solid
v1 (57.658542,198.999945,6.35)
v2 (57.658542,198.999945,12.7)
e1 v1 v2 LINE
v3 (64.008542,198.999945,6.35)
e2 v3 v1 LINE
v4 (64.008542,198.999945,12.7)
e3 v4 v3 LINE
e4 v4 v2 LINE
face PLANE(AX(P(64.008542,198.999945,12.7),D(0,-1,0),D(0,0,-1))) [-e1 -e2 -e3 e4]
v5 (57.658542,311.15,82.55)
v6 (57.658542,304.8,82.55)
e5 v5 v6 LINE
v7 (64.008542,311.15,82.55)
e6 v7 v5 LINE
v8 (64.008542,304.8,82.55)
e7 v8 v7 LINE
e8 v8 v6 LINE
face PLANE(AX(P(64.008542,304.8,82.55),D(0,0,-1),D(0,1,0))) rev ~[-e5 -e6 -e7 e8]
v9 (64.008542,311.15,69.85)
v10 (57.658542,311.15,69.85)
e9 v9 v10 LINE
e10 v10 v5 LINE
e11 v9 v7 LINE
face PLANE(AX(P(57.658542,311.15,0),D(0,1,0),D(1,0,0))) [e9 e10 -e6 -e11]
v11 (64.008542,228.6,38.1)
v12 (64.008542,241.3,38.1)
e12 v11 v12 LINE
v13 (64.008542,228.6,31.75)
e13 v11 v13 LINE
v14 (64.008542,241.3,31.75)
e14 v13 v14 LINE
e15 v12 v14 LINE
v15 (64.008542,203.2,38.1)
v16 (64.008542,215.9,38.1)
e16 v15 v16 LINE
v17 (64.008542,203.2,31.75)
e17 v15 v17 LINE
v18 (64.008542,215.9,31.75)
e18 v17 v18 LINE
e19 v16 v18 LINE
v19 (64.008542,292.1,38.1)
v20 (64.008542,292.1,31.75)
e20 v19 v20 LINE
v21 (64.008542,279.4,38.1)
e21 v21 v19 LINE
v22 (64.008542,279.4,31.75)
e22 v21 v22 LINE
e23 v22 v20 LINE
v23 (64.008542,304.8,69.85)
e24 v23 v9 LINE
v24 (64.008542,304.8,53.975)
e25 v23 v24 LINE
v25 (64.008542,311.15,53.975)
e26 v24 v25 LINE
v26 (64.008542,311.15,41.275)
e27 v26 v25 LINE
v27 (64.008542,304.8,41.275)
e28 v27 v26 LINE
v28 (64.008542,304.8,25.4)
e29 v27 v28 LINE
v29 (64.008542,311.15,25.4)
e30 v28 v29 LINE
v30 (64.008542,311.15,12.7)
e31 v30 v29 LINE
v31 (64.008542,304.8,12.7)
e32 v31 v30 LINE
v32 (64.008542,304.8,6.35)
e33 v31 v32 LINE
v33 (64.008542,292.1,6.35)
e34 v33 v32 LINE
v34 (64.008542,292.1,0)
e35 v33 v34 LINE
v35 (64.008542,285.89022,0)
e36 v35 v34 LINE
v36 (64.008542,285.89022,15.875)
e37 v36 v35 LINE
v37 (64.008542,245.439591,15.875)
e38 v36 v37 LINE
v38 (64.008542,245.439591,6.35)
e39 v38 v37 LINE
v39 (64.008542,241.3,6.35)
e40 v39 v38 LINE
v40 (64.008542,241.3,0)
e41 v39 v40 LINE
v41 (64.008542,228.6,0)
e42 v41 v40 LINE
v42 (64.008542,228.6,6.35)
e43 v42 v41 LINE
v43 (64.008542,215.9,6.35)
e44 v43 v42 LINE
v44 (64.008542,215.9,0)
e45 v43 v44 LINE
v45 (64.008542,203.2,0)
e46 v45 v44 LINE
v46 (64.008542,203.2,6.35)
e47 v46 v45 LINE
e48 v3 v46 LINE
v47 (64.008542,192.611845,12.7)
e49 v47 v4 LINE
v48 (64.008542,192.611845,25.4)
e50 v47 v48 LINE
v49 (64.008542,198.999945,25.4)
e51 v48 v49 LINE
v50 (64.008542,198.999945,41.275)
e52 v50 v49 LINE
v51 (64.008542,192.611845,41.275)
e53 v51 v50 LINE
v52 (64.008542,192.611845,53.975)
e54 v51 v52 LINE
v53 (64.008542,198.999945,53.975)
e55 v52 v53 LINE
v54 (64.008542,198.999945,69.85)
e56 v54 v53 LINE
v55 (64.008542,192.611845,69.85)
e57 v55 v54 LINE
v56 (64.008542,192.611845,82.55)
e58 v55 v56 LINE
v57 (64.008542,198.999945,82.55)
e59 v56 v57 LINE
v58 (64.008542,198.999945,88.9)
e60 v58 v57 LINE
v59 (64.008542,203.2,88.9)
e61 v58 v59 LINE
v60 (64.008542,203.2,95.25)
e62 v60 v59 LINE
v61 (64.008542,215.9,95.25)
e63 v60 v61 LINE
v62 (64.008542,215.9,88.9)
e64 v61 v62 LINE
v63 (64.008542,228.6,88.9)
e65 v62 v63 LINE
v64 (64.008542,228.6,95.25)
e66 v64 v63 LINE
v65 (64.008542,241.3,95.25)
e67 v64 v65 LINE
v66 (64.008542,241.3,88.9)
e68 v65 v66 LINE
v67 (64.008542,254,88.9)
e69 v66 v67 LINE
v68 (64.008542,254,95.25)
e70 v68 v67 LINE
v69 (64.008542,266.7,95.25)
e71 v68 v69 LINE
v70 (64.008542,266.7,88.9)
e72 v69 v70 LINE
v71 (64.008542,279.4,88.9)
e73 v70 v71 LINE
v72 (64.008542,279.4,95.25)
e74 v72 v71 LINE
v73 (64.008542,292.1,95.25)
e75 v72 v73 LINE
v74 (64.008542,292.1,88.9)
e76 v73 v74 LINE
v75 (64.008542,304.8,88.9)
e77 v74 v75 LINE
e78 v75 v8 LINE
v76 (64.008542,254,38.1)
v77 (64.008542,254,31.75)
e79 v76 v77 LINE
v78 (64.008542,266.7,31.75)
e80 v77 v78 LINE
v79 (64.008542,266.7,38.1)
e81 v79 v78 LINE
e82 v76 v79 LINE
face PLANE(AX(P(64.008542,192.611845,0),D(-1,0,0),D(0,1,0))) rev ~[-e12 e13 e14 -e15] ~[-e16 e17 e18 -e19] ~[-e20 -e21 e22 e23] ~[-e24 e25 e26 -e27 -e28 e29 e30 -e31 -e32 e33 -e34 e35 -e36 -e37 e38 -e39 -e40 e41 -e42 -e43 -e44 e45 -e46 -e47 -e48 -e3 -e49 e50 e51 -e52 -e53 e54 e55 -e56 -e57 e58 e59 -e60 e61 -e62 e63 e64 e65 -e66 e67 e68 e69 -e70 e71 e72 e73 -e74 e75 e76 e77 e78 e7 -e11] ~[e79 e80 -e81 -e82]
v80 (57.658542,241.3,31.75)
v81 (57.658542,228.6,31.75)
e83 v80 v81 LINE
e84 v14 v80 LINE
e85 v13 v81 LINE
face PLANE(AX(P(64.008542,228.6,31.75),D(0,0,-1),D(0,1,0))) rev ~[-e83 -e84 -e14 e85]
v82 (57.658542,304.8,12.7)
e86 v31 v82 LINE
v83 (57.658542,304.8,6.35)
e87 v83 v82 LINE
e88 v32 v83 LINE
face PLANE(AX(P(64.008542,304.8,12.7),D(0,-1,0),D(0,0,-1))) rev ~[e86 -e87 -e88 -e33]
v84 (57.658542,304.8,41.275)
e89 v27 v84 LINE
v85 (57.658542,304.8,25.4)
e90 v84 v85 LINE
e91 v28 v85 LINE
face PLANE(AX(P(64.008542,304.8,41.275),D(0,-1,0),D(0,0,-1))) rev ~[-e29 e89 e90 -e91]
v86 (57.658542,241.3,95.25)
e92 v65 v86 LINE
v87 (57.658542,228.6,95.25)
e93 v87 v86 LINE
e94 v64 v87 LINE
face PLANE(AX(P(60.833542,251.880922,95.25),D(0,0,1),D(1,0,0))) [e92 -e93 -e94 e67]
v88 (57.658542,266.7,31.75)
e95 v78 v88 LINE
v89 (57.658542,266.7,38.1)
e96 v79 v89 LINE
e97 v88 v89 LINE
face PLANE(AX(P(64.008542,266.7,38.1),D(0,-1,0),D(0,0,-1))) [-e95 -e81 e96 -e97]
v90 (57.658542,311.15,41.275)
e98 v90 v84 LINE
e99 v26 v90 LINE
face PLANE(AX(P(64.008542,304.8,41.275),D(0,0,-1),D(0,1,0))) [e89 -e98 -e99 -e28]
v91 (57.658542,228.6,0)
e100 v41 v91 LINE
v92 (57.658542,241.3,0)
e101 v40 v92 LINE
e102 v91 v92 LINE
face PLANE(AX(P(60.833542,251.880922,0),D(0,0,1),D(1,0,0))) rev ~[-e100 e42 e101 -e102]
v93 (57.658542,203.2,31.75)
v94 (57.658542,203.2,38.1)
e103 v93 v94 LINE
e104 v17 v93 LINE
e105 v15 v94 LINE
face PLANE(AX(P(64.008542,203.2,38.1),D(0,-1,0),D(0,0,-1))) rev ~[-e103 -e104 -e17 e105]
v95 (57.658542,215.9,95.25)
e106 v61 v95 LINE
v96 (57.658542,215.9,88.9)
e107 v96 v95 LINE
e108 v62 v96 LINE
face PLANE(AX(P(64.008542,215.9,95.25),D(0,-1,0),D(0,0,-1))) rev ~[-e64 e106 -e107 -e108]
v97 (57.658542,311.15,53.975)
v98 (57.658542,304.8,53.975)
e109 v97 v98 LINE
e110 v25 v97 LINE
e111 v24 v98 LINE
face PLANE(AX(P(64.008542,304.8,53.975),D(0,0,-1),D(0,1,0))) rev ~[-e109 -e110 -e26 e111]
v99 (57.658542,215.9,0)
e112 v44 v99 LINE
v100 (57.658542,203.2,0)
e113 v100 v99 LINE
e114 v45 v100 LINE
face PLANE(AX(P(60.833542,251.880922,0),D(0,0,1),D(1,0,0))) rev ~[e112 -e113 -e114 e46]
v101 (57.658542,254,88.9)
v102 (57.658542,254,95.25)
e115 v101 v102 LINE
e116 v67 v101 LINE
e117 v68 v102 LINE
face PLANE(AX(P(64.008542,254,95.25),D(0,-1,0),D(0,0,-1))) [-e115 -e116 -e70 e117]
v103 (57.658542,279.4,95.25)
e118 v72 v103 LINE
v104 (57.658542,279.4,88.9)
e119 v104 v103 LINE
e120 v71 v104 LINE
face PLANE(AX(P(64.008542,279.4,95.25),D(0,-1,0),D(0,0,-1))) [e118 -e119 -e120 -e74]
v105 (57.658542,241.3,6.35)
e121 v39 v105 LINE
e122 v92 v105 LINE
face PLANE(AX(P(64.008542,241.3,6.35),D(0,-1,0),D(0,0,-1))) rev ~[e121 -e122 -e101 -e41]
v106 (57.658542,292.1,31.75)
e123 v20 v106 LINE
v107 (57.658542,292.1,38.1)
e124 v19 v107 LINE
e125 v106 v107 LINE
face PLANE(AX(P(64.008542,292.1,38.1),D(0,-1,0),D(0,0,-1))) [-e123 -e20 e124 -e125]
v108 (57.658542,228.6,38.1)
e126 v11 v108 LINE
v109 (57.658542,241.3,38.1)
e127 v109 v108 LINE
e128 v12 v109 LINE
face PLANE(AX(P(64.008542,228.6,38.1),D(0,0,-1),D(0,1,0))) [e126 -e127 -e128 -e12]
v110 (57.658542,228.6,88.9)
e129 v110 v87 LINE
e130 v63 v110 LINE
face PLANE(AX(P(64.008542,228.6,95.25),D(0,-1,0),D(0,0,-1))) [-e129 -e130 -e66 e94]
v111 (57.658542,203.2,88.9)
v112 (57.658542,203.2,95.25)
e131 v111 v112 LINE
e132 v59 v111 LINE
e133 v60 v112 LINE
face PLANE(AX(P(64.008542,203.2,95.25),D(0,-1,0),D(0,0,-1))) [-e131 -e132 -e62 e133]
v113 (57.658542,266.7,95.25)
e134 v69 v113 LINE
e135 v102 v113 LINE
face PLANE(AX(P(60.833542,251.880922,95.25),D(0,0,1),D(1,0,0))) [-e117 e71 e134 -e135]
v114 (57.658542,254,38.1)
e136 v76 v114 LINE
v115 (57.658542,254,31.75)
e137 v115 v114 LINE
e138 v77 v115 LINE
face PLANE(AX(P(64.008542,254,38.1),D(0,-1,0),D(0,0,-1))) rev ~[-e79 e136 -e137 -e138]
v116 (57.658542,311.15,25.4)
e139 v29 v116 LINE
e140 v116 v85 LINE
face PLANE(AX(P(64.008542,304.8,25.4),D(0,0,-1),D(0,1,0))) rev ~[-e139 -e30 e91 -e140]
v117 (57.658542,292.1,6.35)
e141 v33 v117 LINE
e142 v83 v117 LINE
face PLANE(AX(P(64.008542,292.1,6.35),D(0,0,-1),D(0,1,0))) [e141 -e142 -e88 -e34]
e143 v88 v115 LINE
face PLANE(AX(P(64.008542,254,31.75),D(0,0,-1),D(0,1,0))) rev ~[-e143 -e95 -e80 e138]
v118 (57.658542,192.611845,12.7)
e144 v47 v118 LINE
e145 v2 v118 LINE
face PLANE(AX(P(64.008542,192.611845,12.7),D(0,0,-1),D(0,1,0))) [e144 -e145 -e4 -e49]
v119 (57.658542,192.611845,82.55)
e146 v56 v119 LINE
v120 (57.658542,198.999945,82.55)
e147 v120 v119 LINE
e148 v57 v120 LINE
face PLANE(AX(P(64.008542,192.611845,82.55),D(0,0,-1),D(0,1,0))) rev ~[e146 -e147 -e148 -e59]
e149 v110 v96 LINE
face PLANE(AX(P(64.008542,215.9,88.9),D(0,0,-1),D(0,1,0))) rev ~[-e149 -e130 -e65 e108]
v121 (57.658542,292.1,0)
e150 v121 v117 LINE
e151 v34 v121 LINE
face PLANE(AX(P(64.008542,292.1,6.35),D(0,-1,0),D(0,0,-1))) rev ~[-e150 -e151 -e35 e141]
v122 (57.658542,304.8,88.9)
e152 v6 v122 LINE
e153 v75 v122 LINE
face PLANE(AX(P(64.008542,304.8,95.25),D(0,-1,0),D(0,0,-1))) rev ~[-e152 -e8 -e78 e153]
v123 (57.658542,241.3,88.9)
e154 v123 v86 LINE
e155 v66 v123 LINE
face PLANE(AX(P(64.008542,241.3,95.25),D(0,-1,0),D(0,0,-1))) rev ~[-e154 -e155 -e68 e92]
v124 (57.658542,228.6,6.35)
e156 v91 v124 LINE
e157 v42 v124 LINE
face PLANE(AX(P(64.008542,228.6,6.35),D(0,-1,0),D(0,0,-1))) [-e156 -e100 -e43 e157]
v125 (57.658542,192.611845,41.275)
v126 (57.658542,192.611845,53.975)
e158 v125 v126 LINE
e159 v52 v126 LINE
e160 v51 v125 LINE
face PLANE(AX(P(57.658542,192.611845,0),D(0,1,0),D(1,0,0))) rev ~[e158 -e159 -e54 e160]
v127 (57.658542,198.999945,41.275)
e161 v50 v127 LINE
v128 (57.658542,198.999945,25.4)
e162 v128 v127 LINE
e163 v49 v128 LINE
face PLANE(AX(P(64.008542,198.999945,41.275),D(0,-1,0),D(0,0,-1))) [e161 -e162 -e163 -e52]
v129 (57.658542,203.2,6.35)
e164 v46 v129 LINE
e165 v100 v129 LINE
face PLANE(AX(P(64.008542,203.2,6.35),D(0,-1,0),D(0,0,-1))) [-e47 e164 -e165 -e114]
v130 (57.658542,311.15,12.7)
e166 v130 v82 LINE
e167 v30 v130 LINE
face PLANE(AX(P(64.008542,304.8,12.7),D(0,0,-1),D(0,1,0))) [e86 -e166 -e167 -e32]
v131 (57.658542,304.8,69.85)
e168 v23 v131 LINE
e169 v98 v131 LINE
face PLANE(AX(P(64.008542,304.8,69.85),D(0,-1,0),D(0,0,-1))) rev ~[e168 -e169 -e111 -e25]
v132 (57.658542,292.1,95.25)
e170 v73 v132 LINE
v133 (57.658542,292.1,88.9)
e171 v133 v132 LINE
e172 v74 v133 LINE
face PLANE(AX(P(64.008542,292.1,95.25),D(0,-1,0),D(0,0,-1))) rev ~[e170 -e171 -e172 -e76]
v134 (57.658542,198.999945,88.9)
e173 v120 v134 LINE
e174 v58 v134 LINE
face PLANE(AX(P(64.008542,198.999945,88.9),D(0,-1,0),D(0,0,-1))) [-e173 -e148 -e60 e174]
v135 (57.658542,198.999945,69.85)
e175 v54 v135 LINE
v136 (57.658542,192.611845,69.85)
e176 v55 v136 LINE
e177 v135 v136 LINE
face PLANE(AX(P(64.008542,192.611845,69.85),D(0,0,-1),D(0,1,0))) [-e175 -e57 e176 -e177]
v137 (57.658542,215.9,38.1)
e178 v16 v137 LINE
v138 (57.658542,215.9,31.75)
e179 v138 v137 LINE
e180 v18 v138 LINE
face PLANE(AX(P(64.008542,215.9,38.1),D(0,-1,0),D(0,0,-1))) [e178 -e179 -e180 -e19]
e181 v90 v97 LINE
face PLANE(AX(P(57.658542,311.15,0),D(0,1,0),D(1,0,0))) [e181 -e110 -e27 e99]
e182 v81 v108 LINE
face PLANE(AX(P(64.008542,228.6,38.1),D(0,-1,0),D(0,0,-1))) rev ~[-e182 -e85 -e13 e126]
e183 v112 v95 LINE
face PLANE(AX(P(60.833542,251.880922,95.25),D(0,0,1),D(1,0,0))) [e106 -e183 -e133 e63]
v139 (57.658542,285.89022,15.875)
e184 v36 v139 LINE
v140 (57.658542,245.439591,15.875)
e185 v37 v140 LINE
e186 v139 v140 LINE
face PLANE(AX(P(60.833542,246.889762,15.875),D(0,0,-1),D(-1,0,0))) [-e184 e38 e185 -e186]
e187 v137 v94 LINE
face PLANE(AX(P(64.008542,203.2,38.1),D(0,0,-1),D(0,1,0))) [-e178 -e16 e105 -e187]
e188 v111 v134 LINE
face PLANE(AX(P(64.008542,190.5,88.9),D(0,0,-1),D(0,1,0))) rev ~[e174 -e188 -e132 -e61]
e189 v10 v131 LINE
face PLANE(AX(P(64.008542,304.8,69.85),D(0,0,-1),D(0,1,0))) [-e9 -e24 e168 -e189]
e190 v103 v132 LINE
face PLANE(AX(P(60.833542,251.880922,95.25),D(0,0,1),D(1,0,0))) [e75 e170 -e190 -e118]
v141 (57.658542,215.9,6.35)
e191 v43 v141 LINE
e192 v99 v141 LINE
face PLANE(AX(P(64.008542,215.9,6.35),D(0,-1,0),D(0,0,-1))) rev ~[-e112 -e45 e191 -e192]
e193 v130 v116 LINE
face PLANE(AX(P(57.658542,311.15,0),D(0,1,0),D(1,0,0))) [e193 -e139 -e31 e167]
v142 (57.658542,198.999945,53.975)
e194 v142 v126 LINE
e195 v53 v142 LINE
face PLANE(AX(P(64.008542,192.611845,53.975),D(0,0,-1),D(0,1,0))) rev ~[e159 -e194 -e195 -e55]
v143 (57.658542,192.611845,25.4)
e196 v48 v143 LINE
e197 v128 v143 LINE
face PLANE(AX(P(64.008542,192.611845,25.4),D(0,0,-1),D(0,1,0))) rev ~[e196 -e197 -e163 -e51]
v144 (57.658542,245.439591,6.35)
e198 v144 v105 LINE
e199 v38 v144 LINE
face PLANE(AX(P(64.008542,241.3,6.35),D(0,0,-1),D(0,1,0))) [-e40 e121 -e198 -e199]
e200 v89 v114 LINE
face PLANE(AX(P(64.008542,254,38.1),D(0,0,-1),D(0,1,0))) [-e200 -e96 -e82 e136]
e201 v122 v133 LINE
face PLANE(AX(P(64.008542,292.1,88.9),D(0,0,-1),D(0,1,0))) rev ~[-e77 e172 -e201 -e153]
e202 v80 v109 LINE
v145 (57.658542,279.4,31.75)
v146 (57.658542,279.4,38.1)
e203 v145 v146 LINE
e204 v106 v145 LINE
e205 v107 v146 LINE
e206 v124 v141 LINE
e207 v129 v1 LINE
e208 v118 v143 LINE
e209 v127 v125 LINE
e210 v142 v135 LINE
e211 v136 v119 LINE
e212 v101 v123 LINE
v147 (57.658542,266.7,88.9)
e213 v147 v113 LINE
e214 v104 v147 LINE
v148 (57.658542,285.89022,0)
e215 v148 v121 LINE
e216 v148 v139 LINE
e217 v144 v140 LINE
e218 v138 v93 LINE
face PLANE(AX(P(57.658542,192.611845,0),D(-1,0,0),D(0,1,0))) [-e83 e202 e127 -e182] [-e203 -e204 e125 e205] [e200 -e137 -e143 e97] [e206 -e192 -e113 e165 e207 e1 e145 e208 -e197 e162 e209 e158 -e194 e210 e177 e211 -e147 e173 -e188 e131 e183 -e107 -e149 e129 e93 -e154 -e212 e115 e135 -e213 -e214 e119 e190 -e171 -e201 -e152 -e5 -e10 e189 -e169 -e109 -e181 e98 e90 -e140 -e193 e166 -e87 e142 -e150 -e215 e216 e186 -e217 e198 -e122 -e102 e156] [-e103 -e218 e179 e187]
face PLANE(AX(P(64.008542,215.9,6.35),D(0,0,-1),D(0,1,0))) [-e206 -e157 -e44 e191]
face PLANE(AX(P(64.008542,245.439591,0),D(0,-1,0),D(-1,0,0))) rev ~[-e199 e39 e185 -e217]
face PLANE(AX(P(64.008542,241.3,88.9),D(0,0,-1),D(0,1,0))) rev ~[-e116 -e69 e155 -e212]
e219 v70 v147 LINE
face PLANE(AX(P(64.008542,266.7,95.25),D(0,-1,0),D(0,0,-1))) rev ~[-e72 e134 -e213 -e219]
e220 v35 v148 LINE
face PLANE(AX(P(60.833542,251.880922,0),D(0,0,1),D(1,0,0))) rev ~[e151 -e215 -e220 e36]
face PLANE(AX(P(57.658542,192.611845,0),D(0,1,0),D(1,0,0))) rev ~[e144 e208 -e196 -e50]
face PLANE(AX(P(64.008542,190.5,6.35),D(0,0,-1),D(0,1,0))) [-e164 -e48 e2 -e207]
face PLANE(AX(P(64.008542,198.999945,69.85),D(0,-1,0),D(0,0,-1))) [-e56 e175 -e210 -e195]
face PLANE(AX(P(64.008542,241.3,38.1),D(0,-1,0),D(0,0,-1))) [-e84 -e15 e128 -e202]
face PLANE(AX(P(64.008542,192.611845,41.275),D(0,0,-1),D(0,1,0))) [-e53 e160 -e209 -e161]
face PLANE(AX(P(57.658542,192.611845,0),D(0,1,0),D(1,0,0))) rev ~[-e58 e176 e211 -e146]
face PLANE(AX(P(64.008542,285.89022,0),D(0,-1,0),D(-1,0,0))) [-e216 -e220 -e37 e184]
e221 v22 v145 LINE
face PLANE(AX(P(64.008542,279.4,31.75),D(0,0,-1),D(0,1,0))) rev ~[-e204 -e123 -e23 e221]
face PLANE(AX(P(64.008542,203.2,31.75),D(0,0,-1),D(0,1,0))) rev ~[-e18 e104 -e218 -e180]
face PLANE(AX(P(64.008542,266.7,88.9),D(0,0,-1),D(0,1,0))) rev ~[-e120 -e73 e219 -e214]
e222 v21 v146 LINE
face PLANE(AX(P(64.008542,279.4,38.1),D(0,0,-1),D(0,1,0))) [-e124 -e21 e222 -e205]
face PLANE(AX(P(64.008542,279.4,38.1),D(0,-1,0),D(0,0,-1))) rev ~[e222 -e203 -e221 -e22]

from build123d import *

# Parameters (mm, degrees)
SKETCH5_W           = 6.35
SKETCH5_H           = 118.538155393
BOSS_EXTRUDE1_DEPTH = 95.25
SKETCH7_W           = 6.35
SKETCH7_H           = 12.7
CUT_EXTRUDE1_DEPTH  = 7.35
LPATTERN1_COUNT     = 5
LPATTERN1_PITCH     = 25.4
SKETCH8_W           = 6.35
SKETCH8_H           = 12.7
CUT_EXTRUDE2_DEPTH  = 7.35
LPATTERN2_COUNT     = 5
LPATTERN2_PITCH     = 25.4
CUT_EXTRUDE3_DEPTH  = 15.875
SKETCH10_W          = 12.7
SKETCH10_H          = 6.35
SKETCH10_W_2        = 15.875
CUT_EXTRUDE4_DEPTH  = 7.35
SKETCH11_W          = 6.35
SKETCH11_H          = 6.3881
SKETCH11_W_2        = 15.875
CUT_EXTRUDE5_DEPTH  = 7.35
SKETCH13_W          = 6.35
SKETCH13_H          = 2.311210988
SKETCH13_H_2        = 2.900340521
CUT_EXTRUDE6_DEPTH  = 15.875


with BuildPart() as part:
    # Sketch5 → Boss-Extrude1 (new body)
    with BuildSketch(Plane.XY):
        with Locations((60.833541785, 251.880922304)):
            Rectangle(SKETCH5_W, SKETCH5_H)
    extrude(amount=BOSS_EXTRUDE1_DEPTH)

    # Sketch7 → Cut-Extrude1 (cut, through all)
    with BuildSketch(Plane(origin=(64.008541785, 0, 0), x_dir=(0, 0, -1), z_dir=(1, 0, 0))):
        with Locations((-92.075, 298.45)):
            Rectangle(SKETCH7_W, SKETCH7_H)
        with Locations((-3.175, 298.45)):
            Rectangle(SKETCH7_W, SKETCH7_H)
    cut_extrude1 = extrude(amount=-CUT_EXTRUDE1_DEPTH, mode=Mode.SUBTRACT)

    # LPattern1: Cut-Extrude1 ×5
    with Locations(*[(0, -i * LPATTERN1_PITCH, 0) for i in range(1, LPATTERN1_COUNT)]):
        add(cut_extrude1, mode=Mode.SUBTRACT)

    # Sketch8 → Cut-Extrude2 (cut, through all)
    with BuildSketch(Plane(origin=(64.008541785, 0, 0), x_dir=(0, 0, -1), z_dir=(1, 0, 0))):
        with Locations((-34.925, 311.15)):
            Rectangle(SKETCH8_W, SKETCH8_H)
    cut_extrude2 = extrude(amount=-CUT_EXTRUDE2_DEPTH, mode=Mode.SUBTRACT)

    # LPattern2: Cut-Extrude2 ×5
    with Locations(*[(0, -i * LPATTERN2_PITCH, 0) for i in range(1, LPATTERN2_COUNT)]):
        add(cut_extrude2, mode=Mode.SUBTRACT)

    # Sketch9 → Cut-Extrude3 (cut)
    with BuildSketch(Plane(origin=(0, 0, 0), x_dir=(-1, 0, 0), z_dir=(0, 0, -1))):
        with BuildLine():
            Line((-42.140789022, 277.931008412), (-81.069773467, 292.1))
            Line((-81.069773467, 292.1), (-81.069773467, 237.646932857))
            Line((-81.069773467, 237.646932857), (-41.263032712, 255.828523916))
            ThreePointArc((-41.263032712, 255.828523916), (-34.286165861, 267.174267761), (-42.140789022, 277.931008412))
        make_face()
    extrude(amount=-CUT_EXTRUDE3_DEPTH, mode=Mode.SUBTRACT)

    # Sketch10 → Cut-Extrude4 (cut, through all)
    with BuildSketch(Plane(origin=(64.008541785, 0, 0), x_dir=(0, 0, -1), z_dir=(1, 0, 0))):
        with Locations((-88.9, 307.975)):
            Rectangle(SKETCH10_W, SKETCH10_H)
        with Locations((-61.9125, 307.975)):
            Rectangle(SKETCH10_W_2, SKETCH10_H)
        with Locations((-33.3375, 307.975)):
            Rectangle(SKETCH10_W_2, SKETCH10_H)
        with Locations((-6.35, 307.975)):
            Rectangle(SKETCH10_W, SKETCH10_H)
    extrude(amount=-CUT_EXTRUDE4_DEPTH, mode=Mode.SUBTRACT)

    # Sketch11 → Cut-Extrude5 (cut, through all)
    with BuildSketch(Plane(origin=(64.008541785, 0, 0), x_dir=(0, 0, -1), z_dir=(1, 0, 0))):
        with Locations((-85.725, 195.805894607)):
            Rectangle(SKETCH11_W, SKETCH11_H)
        with Locations((-61.9125, 195.805894607)):
            Rectangle(SKETCH11_W_2, SKETCH11_H)
        with Locations((-33.3375, 195.805894607)):
            Rectangle(SKETCH11_W_2, SKETCH11_H)
        with Locations((-9.525, 195.805894607)):
            Rectangle(SKETCH11_W, SKETCH11_H)
    extrude(amount=-CUT_EXTRUDE5_DEPTH, mode=Mode.SUBTRACT)

    # Sketch13 → Cut-Extrude6 (cut)
    with BuildSketch(Plane(origin=(0, 0, 0), x_dir=(-1, 0, 0), z_dir=(0, 0, -1))):
        with Locations((-60.833541785, 284.734614014)):
            Rectangle(SKETCH13_W, SKETCH13_H)
        with Locations((-60.833541785, 246.889761636)):
            Rectangle(SKETCH13_W, SKETCH13_H_2)
    extrude(amount=-CUT_EXTRUDE6_DEPTH, mode=Mode.SUBTRACT)


solid = part.part
